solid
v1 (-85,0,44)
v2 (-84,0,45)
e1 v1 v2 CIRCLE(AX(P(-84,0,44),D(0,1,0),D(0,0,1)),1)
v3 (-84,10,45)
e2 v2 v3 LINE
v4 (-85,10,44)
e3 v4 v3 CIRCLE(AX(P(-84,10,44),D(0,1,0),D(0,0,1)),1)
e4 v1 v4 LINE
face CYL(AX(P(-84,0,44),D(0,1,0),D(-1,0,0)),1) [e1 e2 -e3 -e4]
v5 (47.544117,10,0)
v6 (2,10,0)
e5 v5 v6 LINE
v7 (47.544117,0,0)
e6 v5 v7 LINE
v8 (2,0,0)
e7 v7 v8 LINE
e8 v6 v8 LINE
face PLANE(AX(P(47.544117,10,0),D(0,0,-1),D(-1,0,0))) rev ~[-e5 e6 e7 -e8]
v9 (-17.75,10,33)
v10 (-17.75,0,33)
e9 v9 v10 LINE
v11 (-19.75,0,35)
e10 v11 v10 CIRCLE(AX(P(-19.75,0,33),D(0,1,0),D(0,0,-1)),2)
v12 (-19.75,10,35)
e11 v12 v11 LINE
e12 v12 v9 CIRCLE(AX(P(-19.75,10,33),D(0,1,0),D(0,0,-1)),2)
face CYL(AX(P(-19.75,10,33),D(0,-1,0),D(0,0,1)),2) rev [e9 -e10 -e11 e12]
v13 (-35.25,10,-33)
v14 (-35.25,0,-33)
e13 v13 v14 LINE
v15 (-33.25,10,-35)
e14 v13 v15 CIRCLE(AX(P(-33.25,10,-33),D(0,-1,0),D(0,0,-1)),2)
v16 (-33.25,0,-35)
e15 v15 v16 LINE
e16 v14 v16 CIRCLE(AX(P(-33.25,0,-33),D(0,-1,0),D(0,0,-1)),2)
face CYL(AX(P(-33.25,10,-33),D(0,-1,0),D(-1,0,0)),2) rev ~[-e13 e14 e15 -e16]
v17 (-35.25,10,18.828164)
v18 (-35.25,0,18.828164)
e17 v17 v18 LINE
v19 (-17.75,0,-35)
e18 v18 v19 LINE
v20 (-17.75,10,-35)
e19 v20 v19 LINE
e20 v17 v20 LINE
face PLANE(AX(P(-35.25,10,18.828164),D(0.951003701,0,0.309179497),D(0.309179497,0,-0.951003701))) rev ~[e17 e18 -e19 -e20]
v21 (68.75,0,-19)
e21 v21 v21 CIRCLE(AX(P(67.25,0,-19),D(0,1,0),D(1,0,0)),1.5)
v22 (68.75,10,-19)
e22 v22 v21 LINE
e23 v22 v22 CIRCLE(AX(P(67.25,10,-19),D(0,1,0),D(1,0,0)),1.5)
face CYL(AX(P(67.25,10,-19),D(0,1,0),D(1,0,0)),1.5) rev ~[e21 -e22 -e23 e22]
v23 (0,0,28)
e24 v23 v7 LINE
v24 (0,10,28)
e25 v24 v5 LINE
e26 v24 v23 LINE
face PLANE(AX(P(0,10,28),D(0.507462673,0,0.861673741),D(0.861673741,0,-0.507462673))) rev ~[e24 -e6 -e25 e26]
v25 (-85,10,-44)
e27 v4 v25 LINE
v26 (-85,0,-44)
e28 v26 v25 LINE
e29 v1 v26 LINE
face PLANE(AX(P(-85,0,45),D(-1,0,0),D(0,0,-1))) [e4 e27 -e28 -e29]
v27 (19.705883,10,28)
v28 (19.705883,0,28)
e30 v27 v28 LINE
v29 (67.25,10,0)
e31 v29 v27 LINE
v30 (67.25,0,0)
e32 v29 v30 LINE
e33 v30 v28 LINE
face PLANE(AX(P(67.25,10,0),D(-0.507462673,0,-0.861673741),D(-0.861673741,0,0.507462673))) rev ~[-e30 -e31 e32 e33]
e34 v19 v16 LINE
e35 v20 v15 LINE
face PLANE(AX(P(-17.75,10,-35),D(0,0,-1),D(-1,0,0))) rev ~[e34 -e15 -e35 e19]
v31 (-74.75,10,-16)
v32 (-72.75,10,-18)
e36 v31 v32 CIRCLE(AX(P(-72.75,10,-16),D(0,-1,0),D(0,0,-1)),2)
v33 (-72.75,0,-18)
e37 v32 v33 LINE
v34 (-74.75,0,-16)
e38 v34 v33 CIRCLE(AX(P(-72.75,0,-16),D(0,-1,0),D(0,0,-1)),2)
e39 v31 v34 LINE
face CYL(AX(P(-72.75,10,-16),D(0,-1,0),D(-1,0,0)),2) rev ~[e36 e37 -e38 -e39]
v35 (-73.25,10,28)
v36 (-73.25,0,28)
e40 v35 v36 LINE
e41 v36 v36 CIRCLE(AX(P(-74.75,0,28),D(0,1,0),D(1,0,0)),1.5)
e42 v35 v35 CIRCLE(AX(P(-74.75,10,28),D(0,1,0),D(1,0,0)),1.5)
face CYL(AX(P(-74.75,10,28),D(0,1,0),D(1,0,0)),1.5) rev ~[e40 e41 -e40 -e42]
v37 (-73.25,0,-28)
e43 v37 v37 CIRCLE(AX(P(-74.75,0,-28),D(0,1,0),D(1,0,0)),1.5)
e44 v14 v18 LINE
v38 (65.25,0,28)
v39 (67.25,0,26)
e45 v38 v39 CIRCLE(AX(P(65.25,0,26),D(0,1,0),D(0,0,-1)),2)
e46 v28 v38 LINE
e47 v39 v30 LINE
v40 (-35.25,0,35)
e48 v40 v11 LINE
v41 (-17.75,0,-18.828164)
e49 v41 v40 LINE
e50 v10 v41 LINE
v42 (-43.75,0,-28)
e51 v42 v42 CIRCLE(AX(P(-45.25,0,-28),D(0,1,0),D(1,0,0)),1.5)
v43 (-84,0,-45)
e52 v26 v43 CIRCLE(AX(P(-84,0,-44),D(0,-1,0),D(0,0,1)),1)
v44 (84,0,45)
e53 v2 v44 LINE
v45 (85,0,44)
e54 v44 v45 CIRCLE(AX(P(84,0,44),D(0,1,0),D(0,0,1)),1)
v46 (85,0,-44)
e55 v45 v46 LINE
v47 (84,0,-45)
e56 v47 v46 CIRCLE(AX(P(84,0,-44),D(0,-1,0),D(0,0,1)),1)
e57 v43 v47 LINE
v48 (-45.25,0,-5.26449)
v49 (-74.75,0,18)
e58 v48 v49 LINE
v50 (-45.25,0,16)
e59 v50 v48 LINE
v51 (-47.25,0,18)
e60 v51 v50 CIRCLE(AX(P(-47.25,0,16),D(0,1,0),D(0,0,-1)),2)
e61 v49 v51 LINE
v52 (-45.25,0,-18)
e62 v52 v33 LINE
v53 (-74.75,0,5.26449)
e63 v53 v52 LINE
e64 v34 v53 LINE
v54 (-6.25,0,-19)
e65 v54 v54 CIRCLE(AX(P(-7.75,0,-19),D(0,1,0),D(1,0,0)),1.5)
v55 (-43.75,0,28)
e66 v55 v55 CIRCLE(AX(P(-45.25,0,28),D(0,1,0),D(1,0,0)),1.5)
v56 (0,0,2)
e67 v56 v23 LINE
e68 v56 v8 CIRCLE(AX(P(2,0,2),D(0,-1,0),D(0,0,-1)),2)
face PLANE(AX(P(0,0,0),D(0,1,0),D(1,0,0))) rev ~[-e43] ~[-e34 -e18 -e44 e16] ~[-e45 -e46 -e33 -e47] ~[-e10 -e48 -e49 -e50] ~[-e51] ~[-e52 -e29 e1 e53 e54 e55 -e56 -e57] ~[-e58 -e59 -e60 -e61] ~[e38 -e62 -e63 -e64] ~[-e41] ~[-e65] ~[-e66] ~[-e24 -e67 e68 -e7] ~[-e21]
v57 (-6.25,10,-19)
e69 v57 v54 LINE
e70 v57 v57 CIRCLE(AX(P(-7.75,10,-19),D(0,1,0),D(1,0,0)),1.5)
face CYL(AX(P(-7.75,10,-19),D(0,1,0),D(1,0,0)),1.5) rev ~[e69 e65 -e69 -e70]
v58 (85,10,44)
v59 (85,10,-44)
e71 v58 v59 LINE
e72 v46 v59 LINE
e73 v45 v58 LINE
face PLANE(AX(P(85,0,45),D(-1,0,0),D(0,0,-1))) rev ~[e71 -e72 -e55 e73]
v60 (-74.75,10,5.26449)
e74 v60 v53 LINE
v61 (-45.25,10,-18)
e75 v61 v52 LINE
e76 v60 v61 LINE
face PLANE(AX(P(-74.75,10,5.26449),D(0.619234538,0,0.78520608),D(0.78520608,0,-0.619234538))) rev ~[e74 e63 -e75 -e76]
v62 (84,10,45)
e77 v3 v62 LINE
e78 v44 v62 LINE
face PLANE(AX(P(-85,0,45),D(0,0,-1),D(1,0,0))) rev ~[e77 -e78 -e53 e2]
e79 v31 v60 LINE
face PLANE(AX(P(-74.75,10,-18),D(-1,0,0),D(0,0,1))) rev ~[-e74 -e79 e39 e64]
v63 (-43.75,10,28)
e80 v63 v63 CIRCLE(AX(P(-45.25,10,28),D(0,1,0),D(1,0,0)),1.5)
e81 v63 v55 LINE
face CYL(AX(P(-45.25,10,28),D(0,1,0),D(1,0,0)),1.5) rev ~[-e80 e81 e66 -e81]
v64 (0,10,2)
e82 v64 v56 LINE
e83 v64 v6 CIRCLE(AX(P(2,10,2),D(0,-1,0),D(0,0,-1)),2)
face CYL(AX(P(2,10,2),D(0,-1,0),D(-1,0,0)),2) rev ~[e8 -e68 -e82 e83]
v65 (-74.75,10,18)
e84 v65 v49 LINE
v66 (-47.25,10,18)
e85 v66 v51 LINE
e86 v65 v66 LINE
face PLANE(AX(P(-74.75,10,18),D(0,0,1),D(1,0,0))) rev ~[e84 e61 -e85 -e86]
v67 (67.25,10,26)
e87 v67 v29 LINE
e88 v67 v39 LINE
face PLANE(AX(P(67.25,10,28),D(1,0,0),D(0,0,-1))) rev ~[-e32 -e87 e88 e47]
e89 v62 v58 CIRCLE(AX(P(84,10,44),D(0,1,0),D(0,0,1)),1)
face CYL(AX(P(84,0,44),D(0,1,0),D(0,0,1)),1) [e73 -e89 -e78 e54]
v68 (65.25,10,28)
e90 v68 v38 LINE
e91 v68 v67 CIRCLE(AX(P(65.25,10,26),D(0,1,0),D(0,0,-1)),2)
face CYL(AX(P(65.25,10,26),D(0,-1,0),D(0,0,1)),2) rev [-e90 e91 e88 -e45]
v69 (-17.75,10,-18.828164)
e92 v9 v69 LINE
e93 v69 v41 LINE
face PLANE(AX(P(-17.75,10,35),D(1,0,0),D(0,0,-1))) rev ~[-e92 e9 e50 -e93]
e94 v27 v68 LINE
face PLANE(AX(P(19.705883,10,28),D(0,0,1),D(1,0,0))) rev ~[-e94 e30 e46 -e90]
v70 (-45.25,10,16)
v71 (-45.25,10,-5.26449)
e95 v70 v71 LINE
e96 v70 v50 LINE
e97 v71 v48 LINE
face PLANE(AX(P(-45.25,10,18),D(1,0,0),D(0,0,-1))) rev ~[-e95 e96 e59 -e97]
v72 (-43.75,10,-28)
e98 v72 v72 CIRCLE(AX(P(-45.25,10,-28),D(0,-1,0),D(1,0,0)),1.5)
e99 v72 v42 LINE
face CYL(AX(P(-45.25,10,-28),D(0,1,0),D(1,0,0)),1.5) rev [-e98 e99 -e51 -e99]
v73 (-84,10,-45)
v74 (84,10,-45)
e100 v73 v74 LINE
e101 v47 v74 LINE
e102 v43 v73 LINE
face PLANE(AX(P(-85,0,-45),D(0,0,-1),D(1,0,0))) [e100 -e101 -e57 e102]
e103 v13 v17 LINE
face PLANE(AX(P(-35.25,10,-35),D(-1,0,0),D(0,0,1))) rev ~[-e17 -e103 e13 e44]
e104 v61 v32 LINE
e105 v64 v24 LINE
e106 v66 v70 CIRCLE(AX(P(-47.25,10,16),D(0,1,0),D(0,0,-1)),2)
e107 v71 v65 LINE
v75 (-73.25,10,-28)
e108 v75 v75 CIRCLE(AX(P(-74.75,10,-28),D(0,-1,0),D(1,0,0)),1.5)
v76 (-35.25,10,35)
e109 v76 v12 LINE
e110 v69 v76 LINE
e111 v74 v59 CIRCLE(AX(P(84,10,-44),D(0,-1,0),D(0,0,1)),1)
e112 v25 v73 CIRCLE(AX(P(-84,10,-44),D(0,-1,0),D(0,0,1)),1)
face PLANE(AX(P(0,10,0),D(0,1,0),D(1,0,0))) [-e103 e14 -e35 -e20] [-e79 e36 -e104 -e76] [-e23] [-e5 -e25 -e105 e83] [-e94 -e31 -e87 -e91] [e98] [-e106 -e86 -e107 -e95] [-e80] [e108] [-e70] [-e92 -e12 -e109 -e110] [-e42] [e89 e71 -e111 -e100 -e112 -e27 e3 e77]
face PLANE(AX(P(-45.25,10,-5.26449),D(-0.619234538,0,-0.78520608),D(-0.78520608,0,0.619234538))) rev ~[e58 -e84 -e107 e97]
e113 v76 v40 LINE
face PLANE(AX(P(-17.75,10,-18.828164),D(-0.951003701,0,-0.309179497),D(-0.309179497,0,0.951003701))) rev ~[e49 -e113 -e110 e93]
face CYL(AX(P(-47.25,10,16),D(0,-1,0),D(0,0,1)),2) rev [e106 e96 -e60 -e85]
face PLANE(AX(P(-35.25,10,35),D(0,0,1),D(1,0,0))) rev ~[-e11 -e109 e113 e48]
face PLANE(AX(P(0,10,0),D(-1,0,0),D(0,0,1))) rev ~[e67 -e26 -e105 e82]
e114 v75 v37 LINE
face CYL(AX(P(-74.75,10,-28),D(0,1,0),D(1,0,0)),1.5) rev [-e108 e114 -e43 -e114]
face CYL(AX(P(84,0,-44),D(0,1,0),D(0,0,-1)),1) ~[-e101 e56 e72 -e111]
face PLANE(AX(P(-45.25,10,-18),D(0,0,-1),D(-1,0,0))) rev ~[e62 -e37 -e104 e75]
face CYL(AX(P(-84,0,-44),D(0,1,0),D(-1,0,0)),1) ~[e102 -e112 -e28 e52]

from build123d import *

# Parameters (mm, degrees)
SKETCH1_W           = 170
SKETCH1_H           = 90
BOSS_EXTRUDE1_DEPTH = 10
SKETCH2_R           = 1.5
CUT_EXTRUDE1_DEPTH  = 11
FILLET1_R           = 1
SKETCH2_9_R         = 1.5
CUT_EXTRUDE2_DEPTH  = 11
CUT_EXTRUDE3_DEPTH  = 11
FILLET3_R           = 2


with BuildPart() as part:
    # Sketch1 → Boss-Extrude1 (new body)
    with BuildSketch(Plane(origin=(0, 0, 0), x_dir=(1, 0, 0), z_dir=(0, 1, 0))):
        Rectangle(SKETCH1_W, SKETCH1_H)
    extrude(amount=BOSS_EXTRUDE1_DEPTH)

    # Sketch2 → Cut-Extrude1 (cut, through all)
    with BuildSketch(Plane(origin=(0, 10, 0), x_dir=(1, 0, 0), z_dir=(0, 1, 0))):
        with Locations((-74.75, -28)):
            Circle(SKETCH2_R)
        with Locations((-45.25, -28)):
            Circle(SKETCH2_R)
    cut_extrude1 = extrude(amount=-CUT_EXTRUDE1_DEPTH, mode=Mode.SUBTRACT)

    # Mirror1: Cut-Extrude1 across plane
    add(cut_extrude1.mirror(Plane.XY), mode=Mode.SUBTRACT)

    # Fillet1
    fillet1_edges = [part.edges().sort_by_distance(p)[0] for p in [
        (-85, 5, -45),
        (85, 5, -45),
        (85, 5, 45),
        (-85, 5, 45),
    ]]
    fillet(fillet1_edges, radius=FILLET1_R)

    # Sketch2<9> → Cut-Extrude2 (cut, through all)
    with BuildSketch(Plane(origin=(0, 10, 0), x_dir=(1, 0, 0), z_dir=(0, 1, 0))):
        with Locations((67.25, 19)):
            Circle(SKETCH2_9_R)
        with Locations((-7.75, 19)):
            Circle(SKETCH2_9_R)
    extrude(amount=-CUT_EXTRUDE2_DEPTH, mode=Mode.SUBTRACT)

    # Sketch3 → Cut-Extrude3 (cut, through all)
    with BuildSketch(Plane(origin=(0, 10, 0), x_dir=(1, 0, 0), z_dir=(0, 1, 0))):
        Polygon((0, 0), (0, -28), (47.544117112, 0), align=None)
        Polygon((67.25, 0), (19.705882888, -28), (67.25, -28), align=None)
        Polygon((-35.25, -35), (-17.75, -35), (-17.75, 18.828164368), align=None)
        Polygon((-35.25, 35), (-35.25, -18.828164368), (-17.75, 35), align=None)
        Polygon((-74.75, 18), (-74.75, -5.264489844), (-45.25, 18), align=None)
        Polygon((-74.75, -18), (-45.25, -18), (-45.25, 5.264489844), align=None)
    extrude(amount=-CUT_EXTRUDE3_DEPTH, mode=Mode.SUBTRACT)

    # Fillet3
    fillet3_edges = [part.edges().sort_by_distance(p)[0] for p in [
        (-17.75, 5, 35),
        (67.25, 5, 28),
        (-45.25, 5, 18),
        (0, 5, 0),
        (-74.75, 5, -18),
        (-35.25, 5, -35),
    ]]
    fillet(fillet3_edges, radius=FILLET3_R)


solid = part.part
